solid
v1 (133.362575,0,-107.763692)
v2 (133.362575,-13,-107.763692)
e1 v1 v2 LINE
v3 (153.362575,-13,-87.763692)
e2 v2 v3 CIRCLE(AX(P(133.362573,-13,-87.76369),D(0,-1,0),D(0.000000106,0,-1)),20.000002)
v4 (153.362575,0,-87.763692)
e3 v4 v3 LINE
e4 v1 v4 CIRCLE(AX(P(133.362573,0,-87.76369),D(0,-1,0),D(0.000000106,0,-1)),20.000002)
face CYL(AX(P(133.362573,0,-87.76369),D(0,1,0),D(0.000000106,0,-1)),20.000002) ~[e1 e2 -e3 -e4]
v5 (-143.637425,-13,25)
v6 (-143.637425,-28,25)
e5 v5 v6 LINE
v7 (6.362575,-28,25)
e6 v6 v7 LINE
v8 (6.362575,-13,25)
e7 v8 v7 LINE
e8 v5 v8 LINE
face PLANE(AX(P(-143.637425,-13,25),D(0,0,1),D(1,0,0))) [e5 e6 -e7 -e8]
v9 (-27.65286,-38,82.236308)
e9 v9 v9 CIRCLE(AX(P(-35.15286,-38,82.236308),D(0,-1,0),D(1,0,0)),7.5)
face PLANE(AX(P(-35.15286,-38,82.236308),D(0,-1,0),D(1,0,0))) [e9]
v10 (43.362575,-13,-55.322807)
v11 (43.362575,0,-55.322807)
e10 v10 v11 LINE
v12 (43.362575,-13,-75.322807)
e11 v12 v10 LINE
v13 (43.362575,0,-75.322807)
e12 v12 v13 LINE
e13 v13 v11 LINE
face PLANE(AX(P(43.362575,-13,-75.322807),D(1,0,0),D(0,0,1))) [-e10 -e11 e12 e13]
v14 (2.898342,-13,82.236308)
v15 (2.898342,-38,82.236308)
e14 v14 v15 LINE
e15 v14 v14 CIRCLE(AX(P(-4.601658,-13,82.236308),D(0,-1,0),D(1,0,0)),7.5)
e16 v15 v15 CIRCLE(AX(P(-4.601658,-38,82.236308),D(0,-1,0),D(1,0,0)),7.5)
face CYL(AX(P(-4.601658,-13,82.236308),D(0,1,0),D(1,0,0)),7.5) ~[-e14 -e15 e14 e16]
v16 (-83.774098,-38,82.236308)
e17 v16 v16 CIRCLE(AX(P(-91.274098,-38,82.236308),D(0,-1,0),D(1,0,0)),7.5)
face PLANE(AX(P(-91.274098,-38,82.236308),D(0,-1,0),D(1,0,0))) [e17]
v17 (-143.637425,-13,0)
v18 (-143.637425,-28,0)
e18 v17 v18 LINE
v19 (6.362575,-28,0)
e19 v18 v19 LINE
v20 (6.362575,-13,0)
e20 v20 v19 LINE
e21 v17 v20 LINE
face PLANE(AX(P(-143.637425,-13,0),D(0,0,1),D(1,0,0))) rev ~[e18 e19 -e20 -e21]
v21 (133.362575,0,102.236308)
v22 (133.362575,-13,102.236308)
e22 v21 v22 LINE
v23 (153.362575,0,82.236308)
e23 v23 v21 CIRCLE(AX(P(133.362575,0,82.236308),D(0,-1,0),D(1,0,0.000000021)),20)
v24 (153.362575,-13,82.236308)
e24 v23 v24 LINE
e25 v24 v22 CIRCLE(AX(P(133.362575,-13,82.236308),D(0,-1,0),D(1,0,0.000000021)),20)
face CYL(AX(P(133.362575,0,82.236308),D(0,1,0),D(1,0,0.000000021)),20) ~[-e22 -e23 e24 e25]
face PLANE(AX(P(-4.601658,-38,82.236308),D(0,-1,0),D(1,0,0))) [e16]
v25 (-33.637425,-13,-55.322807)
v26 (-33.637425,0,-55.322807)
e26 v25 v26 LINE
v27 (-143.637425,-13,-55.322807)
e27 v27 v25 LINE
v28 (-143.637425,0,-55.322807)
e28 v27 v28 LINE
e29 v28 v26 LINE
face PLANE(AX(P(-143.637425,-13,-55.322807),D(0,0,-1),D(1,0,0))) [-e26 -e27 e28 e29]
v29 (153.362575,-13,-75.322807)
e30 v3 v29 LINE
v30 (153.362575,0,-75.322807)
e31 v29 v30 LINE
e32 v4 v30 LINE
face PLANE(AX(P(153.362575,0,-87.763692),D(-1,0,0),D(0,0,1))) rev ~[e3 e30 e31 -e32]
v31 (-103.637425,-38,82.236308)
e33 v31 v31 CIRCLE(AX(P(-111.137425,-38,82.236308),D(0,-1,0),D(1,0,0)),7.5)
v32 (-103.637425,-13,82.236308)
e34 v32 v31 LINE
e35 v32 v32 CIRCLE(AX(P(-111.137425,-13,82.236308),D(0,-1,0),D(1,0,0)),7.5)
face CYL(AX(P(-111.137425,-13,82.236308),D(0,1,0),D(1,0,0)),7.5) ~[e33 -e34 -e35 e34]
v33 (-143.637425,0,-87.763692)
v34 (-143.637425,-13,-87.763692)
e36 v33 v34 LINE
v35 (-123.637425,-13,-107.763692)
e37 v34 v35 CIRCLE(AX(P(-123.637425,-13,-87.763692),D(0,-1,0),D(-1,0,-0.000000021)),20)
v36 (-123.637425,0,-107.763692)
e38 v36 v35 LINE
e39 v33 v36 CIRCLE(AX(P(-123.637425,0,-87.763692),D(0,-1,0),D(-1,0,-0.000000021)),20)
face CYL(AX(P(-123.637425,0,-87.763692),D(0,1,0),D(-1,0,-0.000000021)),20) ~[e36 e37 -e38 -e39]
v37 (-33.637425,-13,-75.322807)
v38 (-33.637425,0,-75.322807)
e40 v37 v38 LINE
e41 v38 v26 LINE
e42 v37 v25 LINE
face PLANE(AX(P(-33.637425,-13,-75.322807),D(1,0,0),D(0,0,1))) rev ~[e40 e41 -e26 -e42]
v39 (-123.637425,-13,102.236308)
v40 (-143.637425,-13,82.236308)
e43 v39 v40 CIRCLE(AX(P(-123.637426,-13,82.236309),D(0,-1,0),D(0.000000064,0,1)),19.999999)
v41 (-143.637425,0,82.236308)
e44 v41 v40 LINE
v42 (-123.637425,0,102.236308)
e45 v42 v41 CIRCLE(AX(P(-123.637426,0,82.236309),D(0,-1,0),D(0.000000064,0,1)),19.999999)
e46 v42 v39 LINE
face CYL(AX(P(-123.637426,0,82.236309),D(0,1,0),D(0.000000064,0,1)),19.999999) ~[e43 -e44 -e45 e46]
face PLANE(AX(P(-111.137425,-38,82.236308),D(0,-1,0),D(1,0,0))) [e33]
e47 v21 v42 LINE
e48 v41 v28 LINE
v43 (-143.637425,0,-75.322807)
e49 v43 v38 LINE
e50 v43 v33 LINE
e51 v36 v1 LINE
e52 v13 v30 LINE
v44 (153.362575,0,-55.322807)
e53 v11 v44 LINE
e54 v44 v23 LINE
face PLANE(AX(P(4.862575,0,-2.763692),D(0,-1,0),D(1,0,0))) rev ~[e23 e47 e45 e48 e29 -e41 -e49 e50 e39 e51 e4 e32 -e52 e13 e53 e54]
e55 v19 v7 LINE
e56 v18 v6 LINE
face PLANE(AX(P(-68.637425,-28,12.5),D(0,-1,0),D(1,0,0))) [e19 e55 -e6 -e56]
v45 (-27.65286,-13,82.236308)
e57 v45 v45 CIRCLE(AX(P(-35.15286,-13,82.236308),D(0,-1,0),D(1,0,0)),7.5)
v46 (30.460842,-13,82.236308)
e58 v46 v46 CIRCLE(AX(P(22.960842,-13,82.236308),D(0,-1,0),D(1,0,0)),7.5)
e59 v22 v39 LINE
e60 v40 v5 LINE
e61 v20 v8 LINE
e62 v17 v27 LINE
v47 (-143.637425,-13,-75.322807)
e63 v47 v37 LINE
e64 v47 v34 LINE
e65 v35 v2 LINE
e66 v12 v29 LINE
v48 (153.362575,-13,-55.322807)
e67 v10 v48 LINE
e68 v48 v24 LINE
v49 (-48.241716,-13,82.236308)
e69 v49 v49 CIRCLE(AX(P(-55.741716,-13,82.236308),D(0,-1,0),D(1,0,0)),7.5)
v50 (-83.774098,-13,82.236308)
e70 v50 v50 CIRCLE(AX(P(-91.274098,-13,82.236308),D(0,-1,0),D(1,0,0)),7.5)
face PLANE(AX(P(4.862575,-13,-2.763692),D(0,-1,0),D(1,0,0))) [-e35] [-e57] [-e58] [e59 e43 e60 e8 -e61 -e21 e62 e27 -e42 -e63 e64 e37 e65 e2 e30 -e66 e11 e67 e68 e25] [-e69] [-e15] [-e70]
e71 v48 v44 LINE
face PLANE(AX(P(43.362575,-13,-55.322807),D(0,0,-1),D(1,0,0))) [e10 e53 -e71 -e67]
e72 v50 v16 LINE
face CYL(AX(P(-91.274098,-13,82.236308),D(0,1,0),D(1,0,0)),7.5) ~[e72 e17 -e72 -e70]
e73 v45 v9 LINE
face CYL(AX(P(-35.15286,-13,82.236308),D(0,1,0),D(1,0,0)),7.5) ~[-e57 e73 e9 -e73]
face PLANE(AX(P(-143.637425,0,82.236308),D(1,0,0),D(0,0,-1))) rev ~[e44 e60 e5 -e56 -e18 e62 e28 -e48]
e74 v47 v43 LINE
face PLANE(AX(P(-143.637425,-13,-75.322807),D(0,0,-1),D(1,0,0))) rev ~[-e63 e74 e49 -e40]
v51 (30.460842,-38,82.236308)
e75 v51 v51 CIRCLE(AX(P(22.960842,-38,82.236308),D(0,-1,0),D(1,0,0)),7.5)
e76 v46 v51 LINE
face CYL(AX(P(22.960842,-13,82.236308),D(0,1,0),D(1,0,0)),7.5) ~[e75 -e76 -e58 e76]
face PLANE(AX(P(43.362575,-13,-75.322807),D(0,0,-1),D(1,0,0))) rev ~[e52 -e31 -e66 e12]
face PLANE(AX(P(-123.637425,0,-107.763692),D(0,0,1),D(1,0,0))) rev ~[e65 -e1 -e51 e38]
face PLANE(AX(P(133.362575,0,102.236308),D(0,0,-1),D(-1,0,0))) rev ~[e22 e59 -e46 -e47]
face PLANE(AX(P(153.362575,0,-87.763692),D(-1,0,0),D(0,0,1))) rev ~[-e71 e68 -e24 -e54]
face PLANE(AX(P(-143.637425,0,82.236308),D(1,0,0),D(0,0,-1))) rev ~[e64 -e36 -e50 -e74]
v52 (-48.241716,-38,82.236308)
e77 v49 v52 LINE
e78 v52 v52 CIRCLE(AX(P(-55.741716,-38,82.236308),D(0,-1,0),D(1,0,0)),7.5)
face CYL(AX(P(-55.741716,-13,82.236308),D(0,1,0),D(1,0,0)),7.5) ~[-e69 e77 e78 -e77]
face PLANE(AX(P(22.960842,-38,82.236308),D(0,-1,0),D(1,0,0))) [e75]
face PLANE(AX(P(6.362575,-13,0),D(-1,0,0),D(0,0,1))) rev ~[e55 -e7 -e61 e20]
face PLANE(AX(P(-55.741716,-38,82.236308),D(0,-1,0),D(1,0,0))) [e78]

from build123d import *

# Parameters (mm, degrees)
F1_DEPTH = 13
F2_W     = 110
F2_H     = 20
F3_DEPTH = 25
F4_W     = 150
F4_H     = 25
F5_DEPTH = 15
F6_R     = 7.5
F7_DEPTH = 25


with BuildPart() as f1:
    # F0 (on Front) → F1 (new body)
    with BuildSketch(Plane.XZ):
        with BuildLine():
            Line((133.362575, 102.236308), (-123.637425, 102.236308))
            ThreePointArc((-123.637425, 102.236308), (-137.779561, 96.378444), (-143.637425, 82.236308))
            Line((-143.637425, 82.236308), (-143.637425, -61.831403))
            Line((-143.637425, -61.831403), (-143.637425, -81.831403))
            Line((-143.637425, -81.831403), (-143.637425, -87.763692))
            ThreePointArc((-143.637425, -87.763692), (-137.779561, -101.905827), (-123.637425, -107.763692))
            Line((-123.637425, -107.763692), (133.362575, -107.763692))
            ThreePointArc((133.362575, -107.763692), (147.50471, -101.905827), (153.362575, -87.763692))
            Line((153.362575, -87.763692), (153.362575, -81.831403))
            Line((153.362575, -81.831403), (153.362575, -61.831403))
            Line((153.362575, -61.831403), (153.362575, 82.236308))
            ThreePointArc((153.362575, 82.236308), (147.50471, 96.378444), (133.362575, 102.236308))
        make_face()
    extrude(amount=F1_DEPTH)

    # F2 (on face) → F3 (cut)
    with BuildSketch(Plane.XZ.offset(13)):
        with Locations((-88.637425, -65.322807)):
            Rectangle(F2_W, F2_H)
        with Locations((98.362575, -65.322807)):
            Rectangle(F2_W, F2_H)
    extrude(amount=-F3_DEPTH, mode=Mode.SUBTRACT)

    # F4 (on face) → F5 (join)
    with BuildSketch(Plane.XZ.offset(13)):
        with Locations((-68.637425, 12.5)):
            Rectangle(F4_W, F4_H)
    extrude(amount=F5_DEPTH)

    # F6 (on face) → F7 (join)
    with BuildSketch(Plane.XZ.offset(13)):
        with Locations((-111.137425, 82.236308)):
            Circle(F6_R)
        with Locations((-91.274098, 82.236308)):
            Circle(F6_R)
        with Locations((-55.741716, 82.236308)):
            Circle(F6_R)
        with Locations((-35.15286, 82.236308)):
            Circle(F6_R)
        with Locations((-4.601658, 82.236308)):
            Circle(F6_R)
        with Locations((22.960842, 82.236308)):
            Circle(F6_R)
    extrude(amount=F7_DEPTH)


solid = f1.part
